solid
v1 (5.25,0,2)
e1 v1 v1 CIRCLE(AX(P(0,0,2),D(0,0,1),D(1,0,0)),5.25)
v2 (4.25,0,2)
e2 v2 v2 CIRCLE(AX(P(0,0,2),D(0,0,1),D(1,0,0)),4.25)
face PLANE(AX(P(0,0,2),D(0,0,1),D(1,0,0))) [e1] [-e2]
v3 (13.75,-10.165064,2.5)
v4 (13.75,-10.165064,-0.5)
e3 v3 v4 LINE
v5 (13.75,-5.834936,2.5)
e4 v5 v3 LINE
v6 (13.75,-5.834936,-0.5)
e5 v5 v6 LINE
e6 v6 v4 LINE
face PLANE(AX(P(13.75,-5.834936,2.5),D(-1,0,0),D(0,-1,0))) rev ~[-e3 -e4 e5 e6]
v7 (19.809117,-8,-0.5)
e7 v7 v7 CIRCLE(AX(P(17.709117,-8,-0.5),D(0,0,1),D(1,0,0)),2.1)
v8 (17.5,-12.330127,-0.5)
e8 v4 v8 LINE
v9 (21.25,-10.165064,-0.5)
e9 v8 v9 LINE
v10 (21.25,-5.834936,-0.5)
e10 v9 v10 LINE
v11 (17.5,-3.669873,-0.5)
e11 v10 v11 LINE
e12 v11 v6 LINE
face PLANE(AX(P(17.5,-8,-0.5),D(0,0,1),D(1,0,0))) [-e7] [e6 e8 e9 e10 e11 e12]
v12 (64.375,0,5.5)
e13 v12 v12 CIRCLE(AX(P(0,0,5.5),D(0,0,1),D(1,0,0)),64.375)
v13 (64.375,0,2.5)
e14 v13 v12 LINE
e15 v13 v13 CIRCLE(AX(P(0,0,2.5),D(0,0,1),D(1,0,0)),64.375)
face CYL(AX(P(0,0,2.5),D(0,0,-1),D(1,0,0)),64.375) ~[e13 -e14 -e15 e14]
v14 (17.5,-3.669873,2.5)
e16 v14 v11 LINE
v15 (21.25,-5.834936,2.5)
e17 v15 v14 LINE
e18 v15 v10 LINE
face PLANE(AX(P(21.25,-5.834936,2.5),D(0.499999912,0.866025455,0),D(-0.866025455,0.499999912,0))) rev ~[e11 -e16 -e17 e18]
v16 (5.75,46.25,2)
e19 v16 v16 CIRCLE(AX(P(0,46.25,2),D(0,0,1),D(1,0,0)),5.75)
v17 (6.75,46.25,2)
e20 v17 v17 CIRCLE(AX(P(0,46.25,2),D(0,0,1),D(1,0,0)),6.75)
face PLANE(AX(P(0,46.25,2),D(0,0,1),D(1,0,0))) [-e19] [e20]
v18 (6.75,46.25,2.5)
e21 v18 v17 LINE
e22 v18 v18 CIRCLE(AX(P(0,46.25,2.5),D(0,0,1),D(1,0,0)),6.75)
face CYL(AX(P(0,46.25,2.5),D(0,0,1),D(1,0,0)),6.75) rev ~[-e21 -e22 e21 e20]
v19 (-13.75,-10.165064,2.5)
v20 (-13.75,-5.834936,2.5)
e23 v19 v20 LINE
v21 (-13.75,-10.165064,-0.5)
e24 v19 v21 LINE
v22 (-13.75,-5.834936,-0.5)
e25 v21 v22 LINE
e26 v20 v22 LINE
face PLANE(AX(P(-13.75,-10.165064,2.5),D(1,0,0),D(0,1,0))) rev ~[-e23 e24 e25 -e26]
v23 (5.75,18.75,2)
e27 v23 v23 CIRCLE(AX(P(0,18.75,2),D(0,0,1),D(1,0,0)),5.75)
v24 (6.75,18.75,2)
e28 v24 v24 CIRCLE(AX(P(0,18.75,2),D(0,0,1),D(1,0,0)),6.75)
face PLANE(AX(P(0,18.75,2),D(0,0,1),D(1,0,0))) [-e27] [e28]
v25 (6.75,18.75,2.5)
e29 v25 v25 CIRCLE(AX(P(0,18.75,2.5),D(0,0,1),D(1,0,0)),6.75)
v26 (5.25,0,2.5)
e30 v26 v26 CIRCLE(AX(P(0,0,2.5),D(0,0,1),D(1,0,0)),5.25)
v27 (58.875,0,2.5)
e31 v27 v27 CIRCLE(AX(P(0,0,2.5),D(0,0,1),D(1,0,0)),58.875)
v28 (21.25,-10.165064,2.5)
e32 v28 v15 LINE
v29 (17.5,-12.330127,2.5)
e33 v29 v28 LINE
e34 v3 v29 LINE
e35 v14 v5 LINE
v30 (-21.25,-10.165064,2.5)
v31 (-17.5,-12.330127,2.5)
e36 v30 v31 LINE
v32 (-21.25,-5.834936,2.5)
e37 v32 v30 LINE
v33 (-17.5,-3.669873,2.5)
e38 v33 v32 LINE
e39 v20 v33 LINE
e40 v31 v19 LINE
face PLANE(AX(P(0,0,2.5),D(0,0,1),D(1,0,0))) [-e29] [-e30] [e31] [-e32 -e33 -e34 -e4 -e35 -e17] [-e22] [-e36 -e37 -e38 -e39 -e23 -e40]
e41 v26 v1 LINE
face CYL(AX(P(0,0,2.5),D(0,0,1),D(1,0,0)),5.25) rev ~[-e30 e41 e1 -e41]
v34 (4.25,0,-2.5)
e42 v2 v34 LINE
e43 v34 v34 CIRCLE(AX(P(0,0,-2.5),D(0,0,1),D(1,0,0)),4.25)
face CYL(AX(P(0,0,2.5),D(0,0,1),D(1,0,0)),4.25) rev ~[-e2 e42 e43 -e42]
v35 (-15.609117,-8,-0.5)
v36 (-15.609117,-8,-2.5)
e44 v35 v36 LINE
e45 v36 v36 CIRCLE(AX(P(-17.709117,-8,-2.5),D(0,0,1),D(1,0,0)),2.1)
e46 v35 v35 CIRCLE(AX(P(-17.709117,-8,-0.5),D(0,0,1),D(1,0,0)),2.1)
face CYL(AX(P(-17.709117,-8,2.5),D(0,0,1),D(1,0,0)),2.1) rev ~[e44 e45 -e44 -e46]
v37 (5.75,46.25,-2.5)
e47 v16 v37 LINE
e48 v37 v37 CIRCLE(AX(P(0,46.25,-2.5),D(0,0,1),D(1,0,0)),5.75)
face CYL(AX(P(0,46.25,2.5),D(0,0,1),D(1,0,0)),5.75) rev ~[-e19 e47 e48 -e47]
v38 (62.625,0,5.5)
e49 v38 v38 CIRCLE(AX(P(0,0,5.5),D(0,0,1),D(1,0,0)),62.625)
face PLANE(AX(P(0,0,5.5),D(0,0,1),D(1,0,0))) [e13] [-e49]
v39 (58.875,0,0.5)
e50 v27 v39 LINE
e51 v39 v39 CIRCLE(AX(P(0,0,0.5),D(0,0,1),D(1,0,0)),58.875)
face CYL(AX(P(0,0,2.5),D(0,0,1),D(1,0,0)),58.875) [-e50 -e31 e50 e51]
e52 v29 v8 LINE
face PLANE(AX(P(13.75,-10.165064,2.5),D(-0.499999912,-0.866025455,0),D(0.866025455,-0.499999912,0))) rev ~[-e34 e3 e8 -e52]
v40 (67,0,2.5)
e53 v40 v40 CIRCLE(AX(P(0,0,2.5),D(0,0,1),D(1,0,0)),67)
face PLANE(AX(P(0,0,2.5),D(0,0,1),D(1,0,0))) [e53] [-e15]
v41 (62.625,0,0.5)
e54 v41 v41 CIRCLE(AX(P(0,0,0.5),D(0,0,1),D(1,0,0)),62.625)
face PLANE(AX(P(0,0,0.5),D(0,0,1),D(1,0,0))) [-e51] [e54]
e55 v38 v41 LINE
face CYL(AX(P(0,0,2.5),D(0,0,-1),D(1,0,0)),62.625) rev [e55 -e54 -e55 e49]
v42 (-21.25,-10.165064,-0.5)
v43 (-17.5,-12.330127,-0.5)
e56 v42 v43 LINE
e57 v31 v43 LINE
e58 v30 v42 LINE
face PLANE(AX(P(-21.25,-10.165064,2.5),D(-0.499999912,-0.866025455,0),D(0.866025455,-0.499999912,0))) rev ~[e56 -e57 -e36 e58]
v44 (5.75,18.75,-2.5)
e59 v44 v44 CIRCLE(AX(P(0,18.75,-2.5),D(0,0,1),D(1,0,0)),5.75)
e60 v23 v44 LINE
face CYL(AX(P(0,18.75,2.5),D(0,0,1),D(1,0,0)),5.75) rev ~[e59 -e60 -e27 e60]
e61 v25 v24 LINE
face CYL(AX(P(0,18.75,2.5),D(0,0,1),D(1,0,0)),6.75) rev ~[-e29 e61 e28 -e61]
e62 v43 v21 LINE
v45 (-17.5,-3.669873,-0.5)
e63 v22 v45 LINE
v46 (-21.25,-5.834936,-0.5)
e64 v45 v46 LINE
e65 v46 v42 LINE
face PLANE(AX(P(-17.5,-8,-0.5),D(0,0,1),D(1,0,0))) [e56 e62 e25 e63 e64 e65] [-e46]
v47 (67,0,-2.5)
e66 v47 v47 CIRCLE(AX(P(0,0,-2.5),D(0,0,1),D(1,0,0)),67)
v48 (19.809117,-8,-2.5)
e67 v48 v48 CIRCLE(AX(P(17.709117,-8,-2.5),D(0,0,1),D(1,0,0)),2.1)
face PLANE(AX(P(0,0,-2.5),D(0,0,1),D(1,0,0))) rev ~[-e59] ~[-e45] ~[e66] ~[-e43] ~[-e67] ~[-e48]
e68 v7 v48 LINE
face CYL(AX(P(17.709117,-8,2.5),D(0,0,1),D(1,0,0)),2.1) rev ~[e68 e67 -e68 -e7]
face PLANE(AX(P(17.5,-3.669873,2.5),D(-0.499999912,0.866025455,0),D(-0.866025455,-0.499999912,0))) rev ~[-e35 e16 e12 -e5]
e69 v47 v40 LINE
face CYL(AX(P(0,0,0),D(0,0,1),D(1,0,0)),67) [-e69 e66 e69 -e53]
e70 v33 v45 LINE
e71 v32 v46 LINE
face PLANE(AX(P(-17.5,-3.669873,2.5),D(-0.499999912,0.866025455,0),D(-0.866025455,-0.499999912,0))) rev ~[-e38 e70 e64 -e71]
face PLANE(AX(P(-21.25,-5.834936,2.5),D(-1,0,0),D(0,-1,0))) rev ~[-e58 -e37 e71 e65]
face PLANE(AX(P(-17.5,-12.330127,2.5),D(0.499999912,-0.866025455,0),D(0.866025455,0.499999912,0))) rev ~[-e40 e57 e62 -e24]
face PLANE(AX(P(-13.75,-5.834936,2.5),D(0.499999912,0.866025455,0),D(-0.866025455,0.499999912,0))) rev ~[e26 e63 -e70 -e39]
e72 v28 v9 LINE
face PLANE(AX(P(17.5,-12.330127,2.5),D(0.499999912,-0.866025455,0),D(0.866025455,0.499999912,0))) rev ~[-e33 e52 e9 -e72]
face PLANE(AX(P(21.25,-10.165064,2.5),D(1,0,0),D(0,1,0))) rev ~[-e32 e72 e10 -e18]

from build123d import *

# Parameters (mm, degrees)
F0_R      = 67
F1_DEPTH  = 2.5
F3_R      = 64.375
F3_R_2    = 62.625
F4_DEPTH  = 3
F5_R      = 62.625
F5_R_2    = 58.875
F6_DEPTH  = 2
F7_R      = 4.25
F8_DEPTH  = 5.001
F9_R      = 5.75
F10_DEPTH = 5.001
F11_R     = 5.75
F12_DEPTH = 5.001
F14_R     = 2.1
F15_DEPTH = 5.001
F16_R     = 5.25
F18_DEPTH = 0.5
F19_R     = 6.75
F20_DEPTH = 0.5
F11_R_2   = 6.75
F21_DEPTH = 0.5
F22_DEPTH = 3


with BuildPart() as f1:
    # F0 (on Top) → F1 (new body, symmetric)
    with BuildSketch(Plane.XY):
        Circle(F0_R)
    extrude(amount=F1_DEPTH, both=True)

    # F3 (on face) → F4 (join)
    with BuildSketch(Plane.XY.offset(2.5)):
        Circle(F3_R)
        Circle(F3_R_2, mode=Mode.SUBTRACT)
    extrude(amount=F4_DEPTH)

    # F5 (on face) → F6 (cut)
    with BuildSketch(Plane.XY.offset(2.5)):
        Circle(F5_R)
        Circle(F5_R_2, mode=Mode.SUBTRACT)
    extrude(amount=-F6_DEPTH, mode=Mode.SUBTRACT)

    # F7 (on face) → F8 (cut, through all)
    with BuildSketch(Plane.XY.offset(2.5)):
        Circle(F7_R)
    extrude(amount=-F8_DEPTH, mode=Mode.SUBTRACT)

    # F9 (on face) → F10 (cut, through all)
    with BuildSketch(Plane.XY.offset(2.5)):
        with Locations((0, 18.75)):
            Circle(F9_R)
    extrude(amount=-F10_DEPTH, mode=Mode.SUBTRACT)

    # F11 (on face) → F12 (cut, through all)
    with BuildSketch(Plane.XY.offset(2.5)):
        with Locations((0, 46.25)):
            Circle(F11_R)
    extrude(amount=-F12_DEPTH, mode=Mode.SUBTRACT)

    # F14 (on face) → F15 (cut, through all)
    with BuildSketch(Plane.XY.offset(2.5)):
        with Locations((-17.709117, -8)):
            Circle(F14_R)
        with Locations((17.709117, -8)):
            Circle(F14_R)
    extrude(amount=-F15_DEPTH, mode=Mode.SUBTRACT)

    # F16 (on face) → F18 (cut)
    with BuildSketch(Plane.XY.offset(2.5)):
        Circle(F16_R)
    extrude(amount=-F18_DEPTH, mode=Mode.SUBTRACT)

    # F19 (on face) → F20 (cut)
    with BuildSketch(Plane.XY.offset(2.5)):
        with Locations((0, 18.75)):
            Circle(F19_R)
    extrude(amount=-F20_DEPTH, mode=Mode.SUBTRACT)

    # F11 (on face) → F21 (cut)
    with BuildSketch(Plane.XY.offset(2.5)):
        with Locations((0, 46.25)):
            Circle(F11_R_2)
        with Locations((0, 46.25)):
            Circle(F11_R, mode=Mode.SUBTRACT)
    extrude(amount=-F21_DEPTH, mode=Mode.SUBTRACT)

    # F17 (on face) → F22 (cut)
    with BuildSketch(Plane.XY.offset(2.5)):
        Polygon((-13.75, -10.165064), (-13.75, -5.834936), (-17.5, -3.669873), (-21.25, -5.834936), (-21.25, -10.165064), (-17.5, -12.330127), align=None)
        Polygon((21.25, -10.165064), (21.25, -5.834936), (17.5, -3.669873), (13.75, -5.834936), (13.75, -10.165064), (17.5, -12.330127), align=None)
    extrude(amount=-F22_DEPTH, mode=Mode.SUBTRACT)


solid = f1.part
